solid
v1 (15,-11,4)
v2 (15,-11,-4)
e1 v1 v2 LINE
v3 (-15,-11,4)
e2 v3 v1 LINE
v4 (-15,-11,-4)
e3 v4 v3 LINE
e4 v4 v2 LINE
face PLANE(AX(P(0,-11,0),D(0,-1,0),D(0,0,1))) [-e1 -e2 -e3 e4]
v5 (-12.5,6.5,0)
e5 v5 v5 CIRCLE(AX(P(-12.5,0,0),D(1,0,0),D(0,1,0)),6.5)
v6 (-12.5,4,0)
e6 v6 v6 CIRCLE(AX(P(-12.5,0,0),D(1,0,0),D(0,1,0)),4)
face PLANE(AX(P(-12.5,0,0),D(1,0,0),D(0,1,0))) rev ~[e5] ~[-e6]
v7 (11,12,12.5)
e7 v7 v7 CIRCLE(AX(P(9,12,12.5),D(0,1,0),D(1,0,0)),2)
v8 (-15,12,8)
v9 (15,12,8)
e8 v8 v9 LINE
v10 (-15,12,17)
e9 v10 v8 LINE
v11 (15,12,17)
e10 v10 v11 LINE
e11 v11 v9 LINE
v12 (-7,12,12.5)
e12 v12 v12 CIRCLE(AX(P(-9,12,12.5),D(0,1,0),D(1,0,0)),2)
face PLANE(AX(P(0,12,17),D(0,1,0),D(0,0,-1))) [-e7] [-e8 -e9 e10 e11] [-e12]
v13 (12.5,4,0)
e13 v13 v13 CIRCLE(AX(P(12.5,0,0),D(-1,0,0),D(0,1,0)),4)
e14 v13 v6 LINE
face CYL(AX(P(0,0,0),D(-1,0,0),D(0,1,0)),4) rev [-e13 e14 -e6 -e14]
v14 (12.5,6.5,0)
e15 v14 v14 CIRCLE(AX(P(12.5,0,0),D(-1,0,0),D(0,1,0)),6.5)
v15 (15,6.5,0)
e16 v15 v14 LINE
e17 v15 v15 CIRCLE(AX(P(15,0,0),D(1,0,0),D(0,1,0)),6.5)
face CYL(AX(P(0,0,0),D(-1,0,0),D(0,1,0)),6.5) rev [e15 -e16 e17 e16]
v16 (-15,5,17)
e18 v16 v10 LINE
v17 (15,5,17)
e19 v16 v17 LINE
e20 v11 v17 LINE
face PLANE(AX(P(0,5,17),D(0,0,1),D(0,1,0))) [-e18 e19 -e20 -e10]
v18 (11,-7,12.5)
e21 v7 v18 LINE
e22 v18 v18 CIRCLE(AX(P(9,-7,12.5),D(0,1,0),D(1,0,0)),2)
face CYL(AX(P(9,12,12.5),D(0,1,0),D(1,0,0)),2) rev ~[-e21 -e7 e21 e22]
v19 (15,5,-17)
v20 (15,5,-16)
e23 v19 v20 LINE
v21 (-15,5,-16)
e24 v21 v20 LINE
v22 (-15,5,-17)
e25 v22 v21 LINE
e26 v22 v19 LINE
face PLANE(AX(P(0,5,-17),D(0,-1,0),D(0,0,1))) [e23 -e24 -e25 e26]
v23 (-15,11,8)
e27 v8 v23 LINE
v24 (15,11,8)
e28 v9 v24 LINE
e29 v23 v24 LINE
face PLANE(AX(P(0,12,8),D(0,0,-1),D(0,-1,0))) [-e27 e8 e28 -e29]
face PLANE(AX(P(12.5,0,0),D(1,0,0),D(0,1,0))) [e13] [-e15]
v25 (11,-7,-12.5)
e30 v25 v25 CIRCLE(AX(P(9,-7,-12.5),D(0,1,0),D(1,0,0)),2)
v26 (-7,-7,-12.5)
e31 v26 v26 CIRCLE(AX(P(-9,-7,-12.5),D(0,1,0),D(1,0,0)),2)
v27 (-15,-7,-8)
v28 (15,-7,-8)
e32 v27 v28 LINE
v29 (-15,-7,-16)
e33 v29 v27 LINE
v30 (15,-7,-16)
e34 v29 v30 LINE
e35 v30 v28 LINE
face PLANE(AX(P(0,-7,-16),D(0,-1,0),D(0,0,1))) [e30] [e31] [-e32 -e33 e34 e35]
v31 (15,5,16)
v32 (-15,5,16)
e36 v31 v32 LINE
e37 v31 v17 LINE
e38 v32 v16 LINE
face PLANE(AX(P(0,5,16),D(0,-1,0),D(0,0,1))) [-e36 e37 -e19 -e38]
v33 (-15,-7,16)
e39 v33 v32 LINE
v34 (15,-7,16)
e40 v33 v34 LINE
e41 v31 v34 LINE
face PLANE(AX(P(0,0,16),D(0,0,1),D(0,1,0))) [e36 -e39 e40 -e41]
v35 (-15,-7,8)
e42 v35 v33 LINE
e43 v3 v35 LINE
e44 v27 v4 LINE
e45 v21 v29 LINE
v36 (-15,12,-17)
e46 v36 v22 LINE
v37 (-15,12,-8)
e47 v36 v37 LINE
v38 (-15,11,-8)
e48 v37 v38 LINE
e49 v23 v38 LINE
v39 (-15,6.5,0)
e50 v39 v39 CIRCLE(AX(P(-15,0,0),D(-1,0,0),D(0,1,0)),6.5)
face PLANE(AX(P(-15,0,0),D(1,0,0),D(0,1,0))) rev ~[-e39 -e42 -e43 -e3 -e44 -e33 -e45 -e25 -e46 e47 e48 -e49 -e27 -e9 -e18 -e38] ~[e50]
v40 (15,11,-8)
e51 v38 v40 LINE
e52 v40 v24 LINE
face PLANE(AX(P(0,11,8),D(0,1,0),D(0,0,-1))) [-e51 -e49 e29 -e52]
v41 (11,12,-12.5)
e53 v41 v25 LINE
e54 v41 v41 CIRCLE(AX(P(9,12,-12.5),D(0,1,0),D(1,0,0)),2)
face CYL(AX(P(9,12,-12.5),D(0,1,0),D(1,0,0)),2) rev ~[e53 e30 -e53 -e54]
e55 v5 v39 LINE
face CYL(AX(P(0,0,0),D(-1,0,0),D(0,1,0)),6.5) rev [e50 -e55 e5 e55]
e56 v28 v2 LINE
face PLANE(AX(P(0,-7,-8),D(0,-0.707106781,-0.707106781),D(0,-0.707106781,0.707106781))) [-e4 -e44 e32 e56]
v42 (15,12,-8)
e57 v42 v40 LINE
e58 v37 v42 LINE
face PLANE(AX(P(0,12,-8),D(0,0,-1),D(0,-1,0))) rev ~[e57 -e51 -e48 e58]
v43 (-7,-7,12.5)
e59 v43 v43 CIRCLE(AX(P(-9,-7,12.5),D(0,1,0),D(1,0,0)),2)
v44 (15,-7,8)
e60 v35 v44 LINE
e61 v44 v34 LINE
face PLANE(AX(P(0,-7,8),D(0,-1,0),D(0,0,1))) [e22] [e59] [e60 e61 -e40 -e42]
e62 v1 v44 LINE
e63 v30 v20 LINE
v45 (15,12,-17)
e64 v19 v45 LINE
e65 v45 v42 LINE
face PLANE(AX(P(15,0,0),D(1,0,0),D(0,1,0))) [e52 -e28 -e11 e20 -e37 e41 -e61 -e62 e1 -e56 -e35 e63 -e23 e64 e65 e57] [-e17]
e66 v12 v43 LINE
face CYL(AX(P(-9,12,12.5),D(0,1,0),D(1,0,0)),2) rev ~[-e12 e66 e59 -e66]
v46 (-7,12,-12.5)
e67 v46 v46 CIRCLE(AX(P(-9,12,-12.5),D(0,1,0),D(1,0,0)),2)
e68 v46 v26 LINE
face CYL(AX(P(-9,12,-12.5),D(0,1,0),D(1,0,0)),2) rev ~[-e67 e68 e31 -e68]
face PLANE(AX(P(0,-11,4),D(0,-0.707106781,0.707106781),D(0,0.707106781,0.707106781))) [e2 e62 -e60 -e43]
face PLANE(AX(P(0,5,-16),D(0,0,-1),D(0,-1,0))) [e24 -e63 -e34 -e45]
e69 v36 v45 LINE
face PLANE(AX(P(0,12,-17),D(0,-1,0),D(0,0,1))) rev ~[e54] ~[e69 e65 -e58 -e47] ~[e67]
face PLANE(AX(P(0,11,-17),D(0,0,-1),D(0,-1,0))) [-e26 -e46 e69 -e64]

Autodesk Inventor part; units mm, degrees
ref_plane "YZ Plane" through (0, 0, 0) normal (1, 0, 0) x (0, 1, 0)
ref_plane "XZ Plane" through (0, 0, 0) normal (0, 1, 0) x (-1, 0, 0)
ref_plane "XY Plane" through (0, 0, 0) normal (0, 0, 1) x (1, 0, 0)
sketch "Sketch1" plane through (0, 0, 0) normal (1, 0, 0) x (0, 1, 0)
  circle A0 centre (0, 0) radius 4
  line L0 (0, 23.8) -> (0, -23.8) projected
  line L1 (-15.6, 0) -> (16.6, 0) projected
  line L2 (11, 17) -> (11, -17)
  line L3 (11, -17) -> (5, -17)
  line L4 (5, -17) -> (5, -16)
  line L5 (5, -16) -> (-7, -16)
  line L6 (-7, -16) -> (-7, -8)
  line L7 (-7, -8) -> (-11, -4)
  line L8 (-11, -4) -> (-11, 4)
  line L9 (-11, 4) -> (-7, 8)
  line L10 (-7, 8) -> (-7, 16)
  line L11 (-7, 16) -> (5, 16)
  line L12 (5, 16) -> (5, 17)
  line L13 (5, 17) -> (11, 17)
  circle A1 centre (0, 0) radius 6.5
  line L14 (11, -12) -> (-7, -12) construction
  line L15 (-7, -14) -> (11, -14) construction
  line L16 (11, -10) -> (-7, -10) construction
  line L17 (11, -17) -> (12, -17)
  line L18 (12, -17) -> (12, -8)
  line L19 (12, -8) -> (11, -8)
  line L20 (11, 17) -> (12, 17)
  line L21 (12, 17) -> (12, 8)
  line L22 (12, 8) -> (11, 8)
  dimension "d0" = 34
  dimension "d1" = 22
  dimension "d2" = 11
  dimension "d3" = 6
  dimension "d4" = 18
  dimension "d5" = 1
  dimension "d6" = 8
  dimension "d7" = 13
  dimension "d9" = 5
  dimension "d10" = 4
  dimension "d11" = 4
  dimension "d12" = 8
  dimension "d17" = 1
extrude "Extrusion1" add sketch "Sketch1" along normal mid plane 30 contours A1 L0 L11 L12 L13 L2 L1 | L1 L2 L3 L4 L5 L0 A1 | A1 L1 L8 L9 L10 L11 L0 | L0 L5 L6 L7 L8 L1 A1 | L2 L20 L21 L22 | L19 L18 L17 L2
extrude "Extrusion2" add sketch "Sketch1" along normal mid plane 25 contours L1 A1 L0 A0 | A0 L0 A1 L1 | A0 L1 A1 L0 | L0 A1 L1 A0
sketch "Sketch2" plane through (-15, 12, 17) normal (0, 1, 0) x (1, 0, 0)
  line L0 (30, 0) -> (0, 0) projected
  line L1 (30, 9) -> (30, 0) projected
  line L2 (0, 9) -> (30, 9) projected
  line L3 (0, 0) -> (0, 9) projected
  line L4 (0, 25) -> (30, 25) projected
  line L5 (30, 34) -> (30, 25) projected
  line L6 (0, 34) -> (30, 34) projected
  line L7 (0, 25) -> (0, 34) projected
  line L8 (36, 17) -> (-6, 17) projected
  line L9 (15, 40.8) -> (15, -6.8) projected
  circle A0 centre (6, 4.5) radius 2
  circle A1 centre (24, 4.5) radius 2
  circle A2 centre (6, 29.5) radius 2
  circle A3 centre (24, 29.5) radius 2
  point P0 (15, 17)
  dimension "d18" = 4.5
  dimension "d19" = 18
  dimension "d20" = 4
extrude "Extrusion3" cut sketch "Sketch2" against normal up to next contours A0 | A1 | A2 | A3
properties part number "Linear Bearing Platform Small" material "Aluminum 6061"
